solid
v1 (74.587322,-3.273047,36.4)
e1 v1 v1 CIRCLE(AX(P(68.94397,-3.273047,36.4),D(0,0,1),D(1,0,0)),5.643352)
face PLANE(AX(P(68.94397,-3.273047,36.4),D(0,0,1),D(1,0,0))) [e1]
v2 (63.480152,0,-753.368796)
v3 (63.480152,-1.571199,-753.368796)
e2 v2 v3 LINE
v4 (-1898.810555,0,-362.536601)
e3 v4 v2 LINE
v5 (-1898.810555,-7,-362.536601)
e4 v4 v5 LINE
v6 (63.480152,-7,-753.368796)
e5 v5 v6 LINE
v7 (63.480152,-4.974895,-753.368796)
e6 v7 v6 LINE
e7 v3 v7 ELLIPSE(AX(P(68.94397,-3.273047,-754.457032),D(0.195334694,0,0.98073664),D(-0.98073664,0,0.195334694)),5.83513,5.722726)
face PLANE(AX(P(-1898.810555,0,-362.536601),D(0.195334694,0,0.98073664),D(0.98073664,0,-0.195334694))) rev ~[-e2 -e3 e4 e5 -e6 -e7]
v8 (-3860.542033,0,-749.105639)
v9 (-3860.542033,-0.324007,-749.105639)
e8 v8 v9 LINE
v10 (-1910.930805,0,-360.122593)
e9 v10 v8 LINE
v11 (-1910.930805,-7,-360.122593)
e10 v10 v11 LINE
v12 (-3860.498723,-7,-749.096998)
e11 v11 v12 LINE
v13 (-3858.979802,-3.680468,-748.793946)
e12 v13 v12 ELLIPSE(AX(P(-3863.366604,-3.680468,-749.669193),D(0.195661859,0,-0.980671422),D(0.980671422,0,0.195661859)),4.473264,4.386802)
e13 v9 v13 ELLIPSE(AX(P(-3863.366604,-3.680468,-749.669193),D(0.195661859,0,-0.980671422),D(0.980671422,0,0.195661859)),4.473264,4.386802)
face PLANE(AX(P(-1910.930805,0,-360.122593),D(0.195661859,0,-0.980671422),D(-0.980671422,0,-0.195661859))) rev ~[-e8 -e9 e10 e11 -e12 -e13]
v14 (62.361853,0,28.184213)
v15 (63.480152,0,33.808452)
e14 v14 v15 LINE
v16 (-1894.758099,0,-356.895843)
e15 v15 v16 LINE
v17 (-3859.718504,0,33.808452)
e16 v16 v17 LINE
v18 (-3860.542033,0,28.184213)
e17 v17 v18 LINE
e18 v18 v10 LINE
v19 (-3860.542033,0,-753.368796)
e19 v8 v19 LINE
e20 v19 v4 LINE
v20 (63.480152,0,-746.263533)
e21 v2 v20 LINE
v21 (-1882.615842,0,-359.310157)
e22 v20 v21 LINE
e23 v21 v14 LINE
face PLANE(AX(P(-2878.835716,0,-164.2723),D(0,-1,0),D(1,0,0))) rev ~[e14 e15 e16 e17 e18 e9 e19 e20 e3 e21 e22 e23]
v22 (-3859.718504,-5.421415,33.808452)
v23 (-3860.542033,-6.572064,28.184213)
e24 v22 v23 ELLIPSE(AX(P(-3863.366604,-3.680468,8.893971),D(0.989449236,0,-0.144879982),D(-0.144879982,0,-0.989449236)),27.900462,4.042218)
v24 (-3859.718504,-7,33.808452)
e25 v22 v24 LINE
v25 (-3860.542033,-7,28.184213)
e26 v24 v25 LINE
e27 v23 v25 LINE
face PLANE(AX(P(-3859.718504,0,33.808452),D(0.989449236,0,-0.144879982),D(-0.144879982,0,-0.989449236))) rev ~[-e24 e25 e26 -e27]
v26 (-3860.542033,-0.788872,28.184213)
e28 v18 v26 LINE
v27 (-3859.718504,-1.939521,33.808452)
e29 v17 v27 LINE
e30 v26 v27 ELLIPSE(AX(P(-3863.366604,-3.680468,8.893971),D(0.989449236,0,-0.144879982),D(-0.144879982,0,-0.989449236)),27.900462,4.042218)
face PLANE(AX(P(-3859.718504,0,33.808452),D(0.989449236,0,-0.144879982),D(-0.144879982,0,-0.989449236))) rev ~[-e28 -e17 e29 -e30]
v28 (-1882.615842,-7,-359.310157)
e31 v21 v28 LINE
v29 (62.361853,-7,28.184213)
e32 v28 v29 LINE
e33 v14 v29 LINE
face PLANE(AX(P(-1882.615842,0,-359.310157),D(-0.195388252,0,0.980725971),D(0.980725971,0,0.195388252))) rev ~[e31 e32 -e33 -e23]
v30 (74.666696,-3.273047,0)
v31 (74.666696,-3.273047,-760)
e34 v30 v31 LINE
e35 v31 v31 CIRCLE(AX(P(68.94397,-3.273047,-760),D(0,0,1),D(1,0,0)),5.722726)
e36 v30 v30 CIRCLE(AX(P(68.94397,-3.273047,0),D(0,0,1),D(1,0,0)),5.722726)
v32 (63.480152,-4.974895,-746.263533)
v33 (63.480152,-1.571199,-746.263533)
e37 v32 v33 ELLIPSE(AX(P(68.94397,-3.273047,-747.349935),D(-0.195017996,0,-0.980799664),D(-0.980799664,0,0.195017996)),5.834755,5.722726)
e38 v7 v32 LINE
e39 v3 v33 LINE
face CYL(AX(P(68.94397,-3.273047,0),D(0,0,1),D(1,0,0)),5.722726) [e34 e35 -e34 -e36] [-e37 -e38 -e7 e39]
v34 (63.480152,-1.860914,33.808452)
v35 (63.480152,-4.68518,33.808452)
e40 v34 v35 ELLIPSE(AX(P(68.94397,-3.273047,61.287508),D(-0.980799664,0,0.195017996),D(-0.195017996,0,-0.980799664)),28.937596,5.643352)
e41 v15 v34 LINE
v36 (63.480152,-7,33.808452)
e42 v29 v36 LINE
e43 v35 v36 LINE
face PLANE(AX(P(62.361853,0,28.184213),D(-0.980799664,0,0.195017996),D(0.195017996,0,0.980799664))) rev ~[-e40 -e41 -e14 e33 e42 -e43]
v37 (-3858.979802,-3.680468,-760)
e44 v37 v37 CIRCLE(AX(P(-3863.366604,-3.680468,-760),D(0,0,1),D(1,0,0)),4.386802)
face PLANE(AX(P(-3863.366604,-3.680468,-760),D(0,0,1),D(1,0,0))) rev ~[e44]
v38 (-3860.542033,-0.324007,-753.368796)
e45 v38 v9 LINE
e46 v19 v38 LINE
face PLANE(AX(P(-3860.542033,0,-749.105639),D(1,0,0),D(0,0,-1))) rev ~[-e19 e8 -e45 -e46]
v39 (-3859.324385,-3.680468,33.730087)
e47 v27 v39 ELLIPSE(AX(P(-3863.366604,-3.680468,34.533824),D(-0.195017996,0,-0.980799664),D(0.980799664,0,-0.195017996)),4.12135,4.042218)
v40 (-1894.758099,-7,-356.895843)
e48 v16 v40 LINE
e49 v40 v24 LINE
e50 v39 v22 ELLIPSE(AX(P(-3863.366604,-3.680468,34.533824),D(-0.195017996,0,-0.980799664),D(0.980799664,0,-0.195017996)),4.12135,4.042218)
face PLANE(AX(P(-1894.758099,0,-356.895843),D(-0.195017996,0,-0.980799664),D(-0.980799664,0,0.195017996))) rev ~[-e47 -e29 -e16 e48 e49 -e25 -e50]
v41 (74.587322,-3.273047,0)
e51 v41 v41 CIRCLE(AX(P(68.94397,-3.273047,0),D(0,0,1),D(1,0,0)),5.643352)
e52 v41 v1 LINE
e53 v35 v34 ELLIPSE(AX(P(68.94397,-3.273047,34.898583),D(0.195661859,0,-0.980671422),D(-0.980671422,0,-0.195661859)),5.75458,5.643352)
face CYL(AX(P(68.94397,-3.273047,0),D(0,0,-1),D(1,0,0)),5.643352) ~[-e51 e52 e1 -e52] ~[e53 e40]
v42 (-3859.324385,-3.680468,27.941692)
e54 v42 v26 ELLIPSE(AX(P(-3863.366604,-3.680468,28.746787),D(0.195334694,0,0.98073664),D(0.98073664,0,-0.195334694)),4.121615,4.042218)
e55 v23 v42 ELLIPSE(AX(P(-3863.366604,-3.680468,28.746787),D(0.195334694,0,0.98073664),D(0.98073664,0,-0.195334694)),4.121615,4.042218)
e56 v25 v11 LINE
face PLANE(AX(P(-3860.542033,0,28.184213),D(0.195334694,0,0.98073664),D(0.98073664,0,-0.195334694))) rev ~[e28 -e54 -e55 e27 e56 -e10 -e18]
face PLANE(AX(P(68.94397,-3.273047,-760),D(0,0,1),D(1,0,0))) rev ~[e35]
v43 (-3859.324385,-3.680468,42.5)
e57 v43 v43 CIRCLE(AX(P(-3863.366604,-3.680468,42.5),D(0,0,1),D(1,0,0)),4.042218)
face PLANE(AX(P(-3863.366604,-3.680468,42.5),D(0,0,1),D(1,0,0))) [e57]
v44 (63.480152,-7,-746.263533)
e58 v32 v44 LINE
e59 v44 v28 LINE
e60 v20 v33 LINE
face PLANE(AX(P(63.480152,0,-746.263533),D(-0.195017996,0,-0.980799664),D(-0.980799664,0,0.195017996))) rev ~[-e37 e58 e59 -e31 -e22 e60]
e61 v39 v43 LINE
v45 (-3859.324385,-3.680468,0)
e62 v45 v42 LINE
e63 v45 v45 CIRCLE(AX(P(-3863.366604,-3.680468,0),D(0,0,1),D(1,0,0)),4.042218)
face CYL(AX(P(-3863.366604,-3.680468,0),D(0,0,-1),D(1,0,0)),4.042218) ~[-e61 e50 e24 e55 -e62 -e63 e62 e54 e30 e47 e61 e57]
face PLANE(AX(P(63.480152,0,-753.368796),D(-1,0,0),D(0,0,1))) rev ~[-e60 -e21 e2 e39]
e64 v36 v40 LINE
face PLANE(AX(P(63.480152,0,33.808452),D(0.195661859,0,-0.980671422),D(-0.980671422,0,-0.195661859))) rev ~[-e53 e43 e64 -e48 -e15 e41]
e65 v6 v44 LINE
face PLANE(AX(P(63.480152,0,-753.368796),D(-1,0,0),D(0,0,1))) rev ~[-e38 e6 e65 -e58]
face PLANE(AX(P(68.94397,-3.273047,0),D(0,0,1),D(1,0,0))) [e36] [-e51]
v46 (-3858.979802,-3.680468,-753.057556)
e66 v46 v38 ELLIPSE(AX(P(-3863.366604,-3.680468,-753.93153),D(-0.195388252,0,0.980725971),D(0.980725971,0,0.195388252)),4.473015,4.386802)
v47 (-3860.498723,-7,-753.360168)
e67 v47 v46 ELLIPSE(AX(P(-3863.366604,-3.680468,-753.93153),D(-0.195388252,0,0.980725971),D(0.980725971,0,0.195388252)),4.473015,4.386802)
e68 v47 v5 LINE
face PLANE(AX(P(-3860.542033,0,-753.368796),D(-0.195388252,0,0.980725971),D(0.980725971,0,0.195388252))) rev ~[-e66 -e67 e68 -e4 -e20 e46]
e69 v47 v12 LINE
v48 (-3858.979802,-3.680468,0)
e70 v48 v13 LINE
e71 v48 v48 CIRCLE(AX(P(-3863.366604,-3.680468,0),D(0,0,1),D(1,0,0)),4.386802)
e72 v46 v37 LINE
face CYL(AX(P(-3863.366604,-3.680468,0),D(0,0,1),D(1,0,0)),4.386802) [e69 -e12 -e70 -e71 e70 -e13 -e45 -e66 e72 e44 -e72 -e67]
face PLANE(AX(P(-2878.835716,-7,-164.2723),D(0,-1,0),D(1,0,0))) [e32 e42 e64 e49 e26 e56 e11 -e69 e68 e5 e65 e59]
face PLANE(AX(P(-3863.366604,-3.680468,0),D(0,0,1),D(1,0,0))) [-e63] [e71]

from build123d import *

# Parameters (mm, degrees)
F1_DEPTH = 7
F2_R     = 4.3868021934
F2_R_2   = 5.7227256207
F3_DEPTH = 760
F4_R     = 4.0422183717
F5_DEPTH = 42.5
F6_R     = 5.6433519697
F7_DEPTH = 36.4


with BuildPart() as f1:
    # F0 (on Front) → F1 (new body)
    with BuildSketch(Plane.XZ):
        Polygon((-1894.7580985835, -356.8958429289), (-3859.7185040638, 33.8084518174), (-3860.5420325733, 28.1842127442), (-1910.9308050802, -360.1225932403), align=None)
        Polygon((63.4801523903, 33.8084518174), (-1894.7580985835, -356.8958429289), (-1882.6158415256, -359.310157216), (62.3618528285, 28.1842127442), align=None)
        Polygon((-1882.6158415256, -359.310157216), (-1894.7580985835, -356.8958429289), (-1910.9308050802, -360.1225932403), (-1898.8105548254, -362.5366005038), align=None)
        Polygon((63.4801523903, -746.2635333201), (-1882.6158415256, -359.310157216), (-1898.8105548254, -362.5366005038), (63.4801523903, -753.3687962702), align=None)
        Polygon((-1898.8105548254, -362.5366005038), (-1910.9308050802, -360.1225932403), (-3860.5420325733, -749.1056392452), (-3860.5420325733, -753.3687962702), align=None)
    extrude(amount=F1_DEPTH)

    # F2 (on Top) → F3 (join)
    with BuildSketch(Plane.XY):
        with Locations((-3863.3666038513, -3.6804678384)):
            Circle(F2_R)
        with Locations((68.9439699054, -3.2730470411)):
            Circle(F2_R_2)
    extrude(amount=-F3_DEPTH)

    # F4 (on face) → F5 (join)
    with BuildSketch(Plane.XY):
        with Locations((-3863.3666038513, -3.6804678384)):
            Circle(F4_R)
    extrude(amount=F5_DEPTH)

    # F6 (on face) → F7 (join)
    with BuildSketch(Plane.XY):
        with Locations((68.9439699054, -3.2730470411)):
            Circle(F6_R)
    extrude(amount=F7_DEPTH)


solid = f1.part
